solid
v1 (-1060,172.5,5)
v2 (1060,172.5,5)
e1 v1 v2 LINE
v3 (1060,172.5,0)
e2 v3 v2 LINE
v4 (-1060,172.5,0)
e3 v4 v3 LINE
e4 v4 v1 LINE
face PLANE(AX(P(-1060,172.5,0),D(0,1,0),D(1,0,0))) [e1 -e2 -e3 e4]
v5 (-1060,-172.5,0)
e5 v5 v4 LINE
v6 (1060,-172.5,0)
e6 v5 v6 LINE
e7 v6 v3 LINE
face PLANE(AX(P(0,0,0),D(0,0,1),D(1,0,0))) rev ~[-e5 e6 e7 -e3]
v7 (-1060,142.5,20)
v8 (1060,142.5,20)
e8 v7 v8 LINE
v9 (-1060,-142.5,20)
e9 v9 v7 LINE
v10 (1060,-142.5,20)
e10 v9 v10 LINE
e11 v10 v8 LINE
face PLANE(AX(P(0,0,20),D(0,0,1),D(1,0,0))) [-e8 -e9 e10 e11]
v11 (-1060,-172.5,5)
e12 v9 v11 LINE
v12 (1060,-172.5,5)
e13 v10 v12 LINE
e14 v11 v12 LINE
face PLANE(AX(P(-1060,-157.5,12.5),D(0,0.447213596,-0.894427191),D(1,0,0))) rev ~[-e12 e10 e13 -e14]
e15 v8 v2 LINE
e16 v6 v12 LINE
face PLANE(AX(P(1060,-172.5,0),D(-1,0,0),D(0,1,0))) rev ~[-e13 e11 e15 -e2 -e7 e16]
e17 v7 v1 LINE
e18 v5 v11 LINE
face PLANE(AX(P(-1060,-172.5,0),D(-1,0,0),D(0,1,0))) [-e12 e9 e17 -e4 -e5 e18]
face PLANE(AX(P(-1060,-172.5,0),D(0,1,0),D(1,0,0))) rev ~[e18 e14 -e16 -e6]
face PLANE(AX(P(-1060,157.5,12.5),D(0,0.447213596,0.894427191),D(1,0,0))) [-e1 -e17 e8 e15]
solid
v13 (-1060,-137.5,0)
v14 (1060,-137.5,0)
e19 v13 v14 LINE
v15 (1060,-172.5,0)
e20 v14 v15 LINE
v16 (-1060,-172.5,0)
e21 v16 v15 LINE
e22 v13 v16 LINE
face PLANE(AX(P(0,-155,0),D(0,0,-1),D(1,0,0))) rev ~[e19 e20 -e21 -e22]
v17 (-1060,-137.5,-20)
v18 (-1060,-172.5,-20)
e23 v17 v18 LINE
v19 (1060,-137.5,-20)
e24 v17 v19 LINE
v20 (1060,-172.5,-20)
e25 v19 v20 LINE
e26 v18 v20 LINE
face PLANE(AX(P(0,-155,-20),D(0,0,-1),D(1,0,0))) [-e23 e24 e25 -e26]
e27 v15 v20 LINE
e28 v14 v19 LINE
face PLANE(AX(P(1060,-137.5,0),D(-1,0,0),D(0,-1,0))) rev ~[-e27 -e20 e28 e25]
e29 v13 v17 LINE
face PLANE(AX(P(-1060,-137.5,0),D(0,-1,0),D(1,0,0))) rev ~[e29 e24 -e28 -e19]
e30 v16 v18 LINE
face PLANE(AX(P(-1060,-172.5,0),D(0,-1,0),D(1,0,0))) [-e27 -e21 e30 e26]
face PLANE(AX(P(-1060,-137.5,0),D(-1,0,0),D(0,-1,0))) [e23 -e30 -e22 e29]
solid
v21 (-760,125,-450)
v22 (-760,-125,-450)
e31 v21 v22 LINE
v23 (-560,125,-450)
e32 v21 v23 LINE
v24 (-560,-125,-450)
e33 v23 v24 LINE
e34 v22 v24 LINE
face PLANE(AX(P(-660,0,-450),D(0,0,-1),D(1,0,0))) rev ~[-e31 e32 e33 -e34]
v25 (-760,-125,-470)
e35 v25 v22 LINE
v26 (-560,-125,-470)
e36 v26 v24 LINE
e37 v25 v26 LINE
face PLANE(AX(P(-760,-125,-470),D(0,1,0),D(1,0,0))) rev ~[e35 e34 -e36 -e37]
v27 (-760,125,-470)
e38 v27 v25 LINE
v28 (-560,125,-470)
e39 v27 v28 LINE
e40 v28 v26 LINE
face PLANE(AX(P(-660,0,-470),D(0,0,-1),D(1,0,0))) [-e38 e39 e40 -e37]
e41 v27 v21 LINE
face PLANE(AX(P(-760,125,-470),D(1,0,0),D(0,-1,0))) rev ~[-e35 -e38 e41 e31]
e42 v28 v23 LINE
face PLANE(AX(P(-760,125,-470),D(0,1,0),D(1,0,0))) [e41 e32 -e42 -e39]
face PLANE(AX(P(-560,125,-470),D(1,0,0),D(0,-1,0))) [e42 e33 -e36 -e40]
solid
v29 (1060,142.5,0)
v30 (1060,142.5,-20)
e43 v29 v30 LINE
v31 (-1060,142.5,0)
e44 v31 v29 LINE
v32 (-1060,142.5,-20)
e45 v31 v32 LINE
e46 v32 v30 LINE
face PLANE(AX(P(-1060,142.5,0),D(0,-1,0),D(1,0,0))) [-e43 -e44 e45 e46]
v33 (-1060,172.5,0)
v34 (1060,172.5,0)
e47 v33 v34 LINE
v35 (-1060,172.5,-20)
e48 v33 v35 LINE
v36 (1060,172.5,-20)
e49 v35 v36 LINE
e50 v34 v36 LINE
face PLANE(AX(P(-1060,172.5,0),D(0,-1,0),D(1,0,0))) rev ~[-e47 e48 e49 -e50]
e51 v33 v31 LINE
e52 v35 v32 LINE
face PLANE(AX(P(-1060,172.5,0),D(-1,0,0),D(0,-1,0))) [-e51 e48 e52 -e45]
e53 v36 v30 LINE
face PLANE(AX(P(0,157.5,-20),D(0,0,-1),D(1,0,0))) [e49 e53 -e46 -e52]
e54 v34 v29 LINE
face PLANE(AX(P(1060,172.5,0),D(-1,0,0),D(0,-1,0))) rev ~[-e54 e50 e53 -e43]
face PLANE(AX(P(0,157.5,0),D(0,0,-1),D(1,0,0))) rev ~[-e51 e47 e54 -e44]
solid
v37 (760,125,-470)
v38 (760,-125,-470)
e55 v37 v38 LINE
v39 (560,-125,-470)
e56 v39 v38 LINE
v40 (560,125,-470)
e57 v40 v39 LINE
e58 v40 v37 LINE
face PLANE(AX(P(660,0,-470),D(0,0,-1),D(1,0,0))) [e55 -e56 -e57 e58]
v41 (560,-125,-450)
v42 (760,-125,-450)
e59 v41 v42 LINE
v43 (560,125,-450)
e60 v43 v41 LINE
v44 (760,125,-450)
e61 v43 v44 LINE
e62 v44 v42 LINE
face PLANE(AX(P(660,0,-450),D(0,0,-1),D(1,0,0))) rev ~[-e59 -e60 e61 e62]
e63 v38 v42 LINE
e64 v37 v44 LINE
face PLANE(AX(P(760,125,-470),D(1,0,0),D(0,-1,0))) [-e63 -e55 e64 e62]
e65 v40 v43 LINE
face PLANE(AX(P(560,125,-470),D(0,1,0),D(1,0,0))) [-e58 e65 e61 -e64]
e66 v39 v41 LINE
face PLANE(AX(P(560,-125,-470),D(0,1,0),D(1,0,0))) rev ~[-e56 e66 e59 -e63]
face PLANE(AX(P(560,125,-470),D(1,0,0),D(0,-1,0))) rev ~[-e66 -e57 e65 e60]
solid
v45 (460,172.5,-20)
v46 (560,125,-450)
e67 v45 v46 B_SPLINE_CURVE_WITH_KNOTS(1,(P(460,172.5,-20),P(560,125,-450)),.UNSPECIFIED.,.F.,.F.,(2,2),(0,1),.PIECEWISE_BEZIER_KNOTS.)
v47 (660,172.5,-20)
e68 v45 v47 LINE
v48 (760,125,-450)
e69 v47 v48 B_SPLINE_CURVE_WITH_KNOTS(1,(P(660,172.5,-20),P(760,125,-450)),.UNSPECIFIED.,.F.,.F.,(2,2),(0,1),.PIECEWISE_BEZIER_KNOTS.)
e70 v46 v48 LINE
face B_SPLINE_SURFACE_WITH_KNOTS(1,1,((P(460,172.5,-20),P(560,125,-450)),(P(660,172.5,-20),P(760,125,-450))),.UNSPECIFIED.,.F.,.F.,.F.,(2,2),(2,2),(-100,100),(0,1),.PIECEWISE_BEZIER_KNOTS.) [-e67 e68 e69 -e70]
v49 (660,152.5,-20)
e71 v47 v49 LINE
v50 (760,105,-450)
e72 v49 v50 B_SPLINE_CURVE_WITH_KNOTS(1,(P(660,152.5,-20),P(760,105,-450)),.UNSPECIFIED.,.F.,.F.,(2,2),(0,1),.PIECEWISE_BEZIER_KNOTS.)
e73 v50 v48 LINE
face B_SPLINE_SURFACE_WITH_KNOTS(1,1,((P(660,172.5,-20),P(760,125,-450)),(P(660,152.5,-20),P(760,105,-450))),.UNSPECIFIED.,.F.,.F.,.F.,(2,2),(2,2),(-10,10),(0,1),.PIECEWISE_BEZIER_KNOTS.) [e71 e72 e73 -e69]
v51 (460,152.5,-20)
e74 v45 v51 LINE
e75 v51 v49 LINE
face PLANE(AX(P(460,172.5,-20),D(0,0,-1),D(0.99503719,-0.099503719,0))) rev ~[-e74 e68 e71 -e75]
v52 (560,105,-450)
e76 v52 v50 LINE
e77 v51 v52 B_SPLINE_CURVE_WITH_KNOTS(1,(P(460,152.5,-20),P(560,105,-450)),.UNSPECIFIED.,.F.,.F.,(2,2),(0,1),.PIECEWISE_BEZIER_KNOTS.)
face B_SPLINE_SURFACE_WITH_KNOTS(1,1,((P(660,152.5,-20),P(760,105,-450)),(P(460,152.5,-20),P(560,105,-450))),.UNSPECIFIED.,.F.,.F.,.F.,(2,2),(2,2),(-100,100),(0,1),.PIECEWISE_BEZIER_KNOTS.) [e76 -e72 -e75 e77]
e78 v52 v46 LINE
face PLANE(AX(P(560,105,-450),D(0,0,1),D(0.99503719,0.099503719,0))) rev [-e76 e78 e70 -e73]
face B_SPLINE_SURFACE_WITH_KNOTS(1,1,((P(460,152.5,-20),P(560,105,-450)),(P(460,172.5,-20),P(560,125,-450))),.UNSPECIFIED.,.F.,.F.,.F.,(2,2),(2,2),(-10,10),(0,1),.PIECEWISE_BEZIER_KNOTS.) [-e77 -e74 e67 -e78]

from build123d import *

# Parameters (mm, degrees)
F0_W      = 2120
F0_H      = 345
F1_DEPTH  = 20
F2_SIZE2  = 15
F2_SIZE   = 30
F3_W      = 2120
F3_H      = 35
F4_DEPTH  = 20
F3_H_2    = 30
F9_W      = 200
F9_H      = 250
F10_DEPTH = 20
F8_W      = 200
F8_H      = 20
F12_W     = 200
F12_H     = 20


with BuildPart() as f1:
    # F0 (on Top) → F1 (new body)
    with BuildSketch(Plane.XY):
        Rectangle(F0_W, F0_H)
    extrude(amount=F1_DEPTH)

    # F2
    f2_edges = [f1.edges().sort_by_distance(p)[0] for p in [
        (0, -172.5, 20),
        (0, 172.5, 20),
    ]]
    f2_side = f1.faces().sort_by_distance((0, 0, 20))[0]
    chamfer(f2_edges, length=F2_SIZE, length2=F2_SIZE2, reference=f2_side)


with BuildPart() as f4:
    # F3 (on face) → F4 (new body)
    with BuildSketch(Plane(origin=(0, 0, 0), x_dir=(1, 0, 0), z_dir=(0, 0, -1))):
        with Locations((0, 155)):
            Rectangle(F3_W, F3_H)
    extrude(amount=F4_DEPTH)


with BuildPart() as f4b:
    # F3 (on face) → F4, piece 2 (new body)
    with BuildSketch(Plane(origin=(0, 0, 0), x_dir=(1, 0, 0), z_dir=(0, 0, -1))):
        with Locations((0, -157.5)):
            Rectangle(F3_W, F3_H_2)
    extrude(amount=F4_DEPTH)


with BuildPart() as f10:
    # F9 (on offset) → F10 (new body)
    with BuildSketch(Plane(origin=(0, 0, -470), x_dir=(1, 0, 0), z_dir=(0, 0, -1))):
        with Locations((660, 0)):
            Rectangle(F9_W, F9_H)
    extrude(amount=-F10_DEPTH)


with BuildPart() as f10b:
    # F9 (on offset) → F10, piece 2 (new body)
    with BuildSketch(Plane(origin=(0, 0, -470), x_dir=(1, 0, 0), z_dir=(0, 0, -1))):
        with Locations((-660, 0)):
            Rectangle(F9_W, F9_H)
    extrude(amount=-F10_DEPTH)


with BuildPart() as f13:
    # F8 (on face) → F13 section 0
    with BuildSketch(Plane(origin=(0, 0, -20), x_dir=(1, 0, 0), z_dir=(0, 0, -1))):
        with Locations((560, -162.5)):
            Rectangle(F8_W, F8_H)
    # F12 (on face) → F13 section 1
    with BuildSketch(Plane.XY.offset(-450)):
        with Locations((660, 115)):
            Rectangle(F12_W, F12_H)
    loft()


solid = Compound([f1.part, f4.part, f4b.part, f10.part, f10b.part, f13.part])
